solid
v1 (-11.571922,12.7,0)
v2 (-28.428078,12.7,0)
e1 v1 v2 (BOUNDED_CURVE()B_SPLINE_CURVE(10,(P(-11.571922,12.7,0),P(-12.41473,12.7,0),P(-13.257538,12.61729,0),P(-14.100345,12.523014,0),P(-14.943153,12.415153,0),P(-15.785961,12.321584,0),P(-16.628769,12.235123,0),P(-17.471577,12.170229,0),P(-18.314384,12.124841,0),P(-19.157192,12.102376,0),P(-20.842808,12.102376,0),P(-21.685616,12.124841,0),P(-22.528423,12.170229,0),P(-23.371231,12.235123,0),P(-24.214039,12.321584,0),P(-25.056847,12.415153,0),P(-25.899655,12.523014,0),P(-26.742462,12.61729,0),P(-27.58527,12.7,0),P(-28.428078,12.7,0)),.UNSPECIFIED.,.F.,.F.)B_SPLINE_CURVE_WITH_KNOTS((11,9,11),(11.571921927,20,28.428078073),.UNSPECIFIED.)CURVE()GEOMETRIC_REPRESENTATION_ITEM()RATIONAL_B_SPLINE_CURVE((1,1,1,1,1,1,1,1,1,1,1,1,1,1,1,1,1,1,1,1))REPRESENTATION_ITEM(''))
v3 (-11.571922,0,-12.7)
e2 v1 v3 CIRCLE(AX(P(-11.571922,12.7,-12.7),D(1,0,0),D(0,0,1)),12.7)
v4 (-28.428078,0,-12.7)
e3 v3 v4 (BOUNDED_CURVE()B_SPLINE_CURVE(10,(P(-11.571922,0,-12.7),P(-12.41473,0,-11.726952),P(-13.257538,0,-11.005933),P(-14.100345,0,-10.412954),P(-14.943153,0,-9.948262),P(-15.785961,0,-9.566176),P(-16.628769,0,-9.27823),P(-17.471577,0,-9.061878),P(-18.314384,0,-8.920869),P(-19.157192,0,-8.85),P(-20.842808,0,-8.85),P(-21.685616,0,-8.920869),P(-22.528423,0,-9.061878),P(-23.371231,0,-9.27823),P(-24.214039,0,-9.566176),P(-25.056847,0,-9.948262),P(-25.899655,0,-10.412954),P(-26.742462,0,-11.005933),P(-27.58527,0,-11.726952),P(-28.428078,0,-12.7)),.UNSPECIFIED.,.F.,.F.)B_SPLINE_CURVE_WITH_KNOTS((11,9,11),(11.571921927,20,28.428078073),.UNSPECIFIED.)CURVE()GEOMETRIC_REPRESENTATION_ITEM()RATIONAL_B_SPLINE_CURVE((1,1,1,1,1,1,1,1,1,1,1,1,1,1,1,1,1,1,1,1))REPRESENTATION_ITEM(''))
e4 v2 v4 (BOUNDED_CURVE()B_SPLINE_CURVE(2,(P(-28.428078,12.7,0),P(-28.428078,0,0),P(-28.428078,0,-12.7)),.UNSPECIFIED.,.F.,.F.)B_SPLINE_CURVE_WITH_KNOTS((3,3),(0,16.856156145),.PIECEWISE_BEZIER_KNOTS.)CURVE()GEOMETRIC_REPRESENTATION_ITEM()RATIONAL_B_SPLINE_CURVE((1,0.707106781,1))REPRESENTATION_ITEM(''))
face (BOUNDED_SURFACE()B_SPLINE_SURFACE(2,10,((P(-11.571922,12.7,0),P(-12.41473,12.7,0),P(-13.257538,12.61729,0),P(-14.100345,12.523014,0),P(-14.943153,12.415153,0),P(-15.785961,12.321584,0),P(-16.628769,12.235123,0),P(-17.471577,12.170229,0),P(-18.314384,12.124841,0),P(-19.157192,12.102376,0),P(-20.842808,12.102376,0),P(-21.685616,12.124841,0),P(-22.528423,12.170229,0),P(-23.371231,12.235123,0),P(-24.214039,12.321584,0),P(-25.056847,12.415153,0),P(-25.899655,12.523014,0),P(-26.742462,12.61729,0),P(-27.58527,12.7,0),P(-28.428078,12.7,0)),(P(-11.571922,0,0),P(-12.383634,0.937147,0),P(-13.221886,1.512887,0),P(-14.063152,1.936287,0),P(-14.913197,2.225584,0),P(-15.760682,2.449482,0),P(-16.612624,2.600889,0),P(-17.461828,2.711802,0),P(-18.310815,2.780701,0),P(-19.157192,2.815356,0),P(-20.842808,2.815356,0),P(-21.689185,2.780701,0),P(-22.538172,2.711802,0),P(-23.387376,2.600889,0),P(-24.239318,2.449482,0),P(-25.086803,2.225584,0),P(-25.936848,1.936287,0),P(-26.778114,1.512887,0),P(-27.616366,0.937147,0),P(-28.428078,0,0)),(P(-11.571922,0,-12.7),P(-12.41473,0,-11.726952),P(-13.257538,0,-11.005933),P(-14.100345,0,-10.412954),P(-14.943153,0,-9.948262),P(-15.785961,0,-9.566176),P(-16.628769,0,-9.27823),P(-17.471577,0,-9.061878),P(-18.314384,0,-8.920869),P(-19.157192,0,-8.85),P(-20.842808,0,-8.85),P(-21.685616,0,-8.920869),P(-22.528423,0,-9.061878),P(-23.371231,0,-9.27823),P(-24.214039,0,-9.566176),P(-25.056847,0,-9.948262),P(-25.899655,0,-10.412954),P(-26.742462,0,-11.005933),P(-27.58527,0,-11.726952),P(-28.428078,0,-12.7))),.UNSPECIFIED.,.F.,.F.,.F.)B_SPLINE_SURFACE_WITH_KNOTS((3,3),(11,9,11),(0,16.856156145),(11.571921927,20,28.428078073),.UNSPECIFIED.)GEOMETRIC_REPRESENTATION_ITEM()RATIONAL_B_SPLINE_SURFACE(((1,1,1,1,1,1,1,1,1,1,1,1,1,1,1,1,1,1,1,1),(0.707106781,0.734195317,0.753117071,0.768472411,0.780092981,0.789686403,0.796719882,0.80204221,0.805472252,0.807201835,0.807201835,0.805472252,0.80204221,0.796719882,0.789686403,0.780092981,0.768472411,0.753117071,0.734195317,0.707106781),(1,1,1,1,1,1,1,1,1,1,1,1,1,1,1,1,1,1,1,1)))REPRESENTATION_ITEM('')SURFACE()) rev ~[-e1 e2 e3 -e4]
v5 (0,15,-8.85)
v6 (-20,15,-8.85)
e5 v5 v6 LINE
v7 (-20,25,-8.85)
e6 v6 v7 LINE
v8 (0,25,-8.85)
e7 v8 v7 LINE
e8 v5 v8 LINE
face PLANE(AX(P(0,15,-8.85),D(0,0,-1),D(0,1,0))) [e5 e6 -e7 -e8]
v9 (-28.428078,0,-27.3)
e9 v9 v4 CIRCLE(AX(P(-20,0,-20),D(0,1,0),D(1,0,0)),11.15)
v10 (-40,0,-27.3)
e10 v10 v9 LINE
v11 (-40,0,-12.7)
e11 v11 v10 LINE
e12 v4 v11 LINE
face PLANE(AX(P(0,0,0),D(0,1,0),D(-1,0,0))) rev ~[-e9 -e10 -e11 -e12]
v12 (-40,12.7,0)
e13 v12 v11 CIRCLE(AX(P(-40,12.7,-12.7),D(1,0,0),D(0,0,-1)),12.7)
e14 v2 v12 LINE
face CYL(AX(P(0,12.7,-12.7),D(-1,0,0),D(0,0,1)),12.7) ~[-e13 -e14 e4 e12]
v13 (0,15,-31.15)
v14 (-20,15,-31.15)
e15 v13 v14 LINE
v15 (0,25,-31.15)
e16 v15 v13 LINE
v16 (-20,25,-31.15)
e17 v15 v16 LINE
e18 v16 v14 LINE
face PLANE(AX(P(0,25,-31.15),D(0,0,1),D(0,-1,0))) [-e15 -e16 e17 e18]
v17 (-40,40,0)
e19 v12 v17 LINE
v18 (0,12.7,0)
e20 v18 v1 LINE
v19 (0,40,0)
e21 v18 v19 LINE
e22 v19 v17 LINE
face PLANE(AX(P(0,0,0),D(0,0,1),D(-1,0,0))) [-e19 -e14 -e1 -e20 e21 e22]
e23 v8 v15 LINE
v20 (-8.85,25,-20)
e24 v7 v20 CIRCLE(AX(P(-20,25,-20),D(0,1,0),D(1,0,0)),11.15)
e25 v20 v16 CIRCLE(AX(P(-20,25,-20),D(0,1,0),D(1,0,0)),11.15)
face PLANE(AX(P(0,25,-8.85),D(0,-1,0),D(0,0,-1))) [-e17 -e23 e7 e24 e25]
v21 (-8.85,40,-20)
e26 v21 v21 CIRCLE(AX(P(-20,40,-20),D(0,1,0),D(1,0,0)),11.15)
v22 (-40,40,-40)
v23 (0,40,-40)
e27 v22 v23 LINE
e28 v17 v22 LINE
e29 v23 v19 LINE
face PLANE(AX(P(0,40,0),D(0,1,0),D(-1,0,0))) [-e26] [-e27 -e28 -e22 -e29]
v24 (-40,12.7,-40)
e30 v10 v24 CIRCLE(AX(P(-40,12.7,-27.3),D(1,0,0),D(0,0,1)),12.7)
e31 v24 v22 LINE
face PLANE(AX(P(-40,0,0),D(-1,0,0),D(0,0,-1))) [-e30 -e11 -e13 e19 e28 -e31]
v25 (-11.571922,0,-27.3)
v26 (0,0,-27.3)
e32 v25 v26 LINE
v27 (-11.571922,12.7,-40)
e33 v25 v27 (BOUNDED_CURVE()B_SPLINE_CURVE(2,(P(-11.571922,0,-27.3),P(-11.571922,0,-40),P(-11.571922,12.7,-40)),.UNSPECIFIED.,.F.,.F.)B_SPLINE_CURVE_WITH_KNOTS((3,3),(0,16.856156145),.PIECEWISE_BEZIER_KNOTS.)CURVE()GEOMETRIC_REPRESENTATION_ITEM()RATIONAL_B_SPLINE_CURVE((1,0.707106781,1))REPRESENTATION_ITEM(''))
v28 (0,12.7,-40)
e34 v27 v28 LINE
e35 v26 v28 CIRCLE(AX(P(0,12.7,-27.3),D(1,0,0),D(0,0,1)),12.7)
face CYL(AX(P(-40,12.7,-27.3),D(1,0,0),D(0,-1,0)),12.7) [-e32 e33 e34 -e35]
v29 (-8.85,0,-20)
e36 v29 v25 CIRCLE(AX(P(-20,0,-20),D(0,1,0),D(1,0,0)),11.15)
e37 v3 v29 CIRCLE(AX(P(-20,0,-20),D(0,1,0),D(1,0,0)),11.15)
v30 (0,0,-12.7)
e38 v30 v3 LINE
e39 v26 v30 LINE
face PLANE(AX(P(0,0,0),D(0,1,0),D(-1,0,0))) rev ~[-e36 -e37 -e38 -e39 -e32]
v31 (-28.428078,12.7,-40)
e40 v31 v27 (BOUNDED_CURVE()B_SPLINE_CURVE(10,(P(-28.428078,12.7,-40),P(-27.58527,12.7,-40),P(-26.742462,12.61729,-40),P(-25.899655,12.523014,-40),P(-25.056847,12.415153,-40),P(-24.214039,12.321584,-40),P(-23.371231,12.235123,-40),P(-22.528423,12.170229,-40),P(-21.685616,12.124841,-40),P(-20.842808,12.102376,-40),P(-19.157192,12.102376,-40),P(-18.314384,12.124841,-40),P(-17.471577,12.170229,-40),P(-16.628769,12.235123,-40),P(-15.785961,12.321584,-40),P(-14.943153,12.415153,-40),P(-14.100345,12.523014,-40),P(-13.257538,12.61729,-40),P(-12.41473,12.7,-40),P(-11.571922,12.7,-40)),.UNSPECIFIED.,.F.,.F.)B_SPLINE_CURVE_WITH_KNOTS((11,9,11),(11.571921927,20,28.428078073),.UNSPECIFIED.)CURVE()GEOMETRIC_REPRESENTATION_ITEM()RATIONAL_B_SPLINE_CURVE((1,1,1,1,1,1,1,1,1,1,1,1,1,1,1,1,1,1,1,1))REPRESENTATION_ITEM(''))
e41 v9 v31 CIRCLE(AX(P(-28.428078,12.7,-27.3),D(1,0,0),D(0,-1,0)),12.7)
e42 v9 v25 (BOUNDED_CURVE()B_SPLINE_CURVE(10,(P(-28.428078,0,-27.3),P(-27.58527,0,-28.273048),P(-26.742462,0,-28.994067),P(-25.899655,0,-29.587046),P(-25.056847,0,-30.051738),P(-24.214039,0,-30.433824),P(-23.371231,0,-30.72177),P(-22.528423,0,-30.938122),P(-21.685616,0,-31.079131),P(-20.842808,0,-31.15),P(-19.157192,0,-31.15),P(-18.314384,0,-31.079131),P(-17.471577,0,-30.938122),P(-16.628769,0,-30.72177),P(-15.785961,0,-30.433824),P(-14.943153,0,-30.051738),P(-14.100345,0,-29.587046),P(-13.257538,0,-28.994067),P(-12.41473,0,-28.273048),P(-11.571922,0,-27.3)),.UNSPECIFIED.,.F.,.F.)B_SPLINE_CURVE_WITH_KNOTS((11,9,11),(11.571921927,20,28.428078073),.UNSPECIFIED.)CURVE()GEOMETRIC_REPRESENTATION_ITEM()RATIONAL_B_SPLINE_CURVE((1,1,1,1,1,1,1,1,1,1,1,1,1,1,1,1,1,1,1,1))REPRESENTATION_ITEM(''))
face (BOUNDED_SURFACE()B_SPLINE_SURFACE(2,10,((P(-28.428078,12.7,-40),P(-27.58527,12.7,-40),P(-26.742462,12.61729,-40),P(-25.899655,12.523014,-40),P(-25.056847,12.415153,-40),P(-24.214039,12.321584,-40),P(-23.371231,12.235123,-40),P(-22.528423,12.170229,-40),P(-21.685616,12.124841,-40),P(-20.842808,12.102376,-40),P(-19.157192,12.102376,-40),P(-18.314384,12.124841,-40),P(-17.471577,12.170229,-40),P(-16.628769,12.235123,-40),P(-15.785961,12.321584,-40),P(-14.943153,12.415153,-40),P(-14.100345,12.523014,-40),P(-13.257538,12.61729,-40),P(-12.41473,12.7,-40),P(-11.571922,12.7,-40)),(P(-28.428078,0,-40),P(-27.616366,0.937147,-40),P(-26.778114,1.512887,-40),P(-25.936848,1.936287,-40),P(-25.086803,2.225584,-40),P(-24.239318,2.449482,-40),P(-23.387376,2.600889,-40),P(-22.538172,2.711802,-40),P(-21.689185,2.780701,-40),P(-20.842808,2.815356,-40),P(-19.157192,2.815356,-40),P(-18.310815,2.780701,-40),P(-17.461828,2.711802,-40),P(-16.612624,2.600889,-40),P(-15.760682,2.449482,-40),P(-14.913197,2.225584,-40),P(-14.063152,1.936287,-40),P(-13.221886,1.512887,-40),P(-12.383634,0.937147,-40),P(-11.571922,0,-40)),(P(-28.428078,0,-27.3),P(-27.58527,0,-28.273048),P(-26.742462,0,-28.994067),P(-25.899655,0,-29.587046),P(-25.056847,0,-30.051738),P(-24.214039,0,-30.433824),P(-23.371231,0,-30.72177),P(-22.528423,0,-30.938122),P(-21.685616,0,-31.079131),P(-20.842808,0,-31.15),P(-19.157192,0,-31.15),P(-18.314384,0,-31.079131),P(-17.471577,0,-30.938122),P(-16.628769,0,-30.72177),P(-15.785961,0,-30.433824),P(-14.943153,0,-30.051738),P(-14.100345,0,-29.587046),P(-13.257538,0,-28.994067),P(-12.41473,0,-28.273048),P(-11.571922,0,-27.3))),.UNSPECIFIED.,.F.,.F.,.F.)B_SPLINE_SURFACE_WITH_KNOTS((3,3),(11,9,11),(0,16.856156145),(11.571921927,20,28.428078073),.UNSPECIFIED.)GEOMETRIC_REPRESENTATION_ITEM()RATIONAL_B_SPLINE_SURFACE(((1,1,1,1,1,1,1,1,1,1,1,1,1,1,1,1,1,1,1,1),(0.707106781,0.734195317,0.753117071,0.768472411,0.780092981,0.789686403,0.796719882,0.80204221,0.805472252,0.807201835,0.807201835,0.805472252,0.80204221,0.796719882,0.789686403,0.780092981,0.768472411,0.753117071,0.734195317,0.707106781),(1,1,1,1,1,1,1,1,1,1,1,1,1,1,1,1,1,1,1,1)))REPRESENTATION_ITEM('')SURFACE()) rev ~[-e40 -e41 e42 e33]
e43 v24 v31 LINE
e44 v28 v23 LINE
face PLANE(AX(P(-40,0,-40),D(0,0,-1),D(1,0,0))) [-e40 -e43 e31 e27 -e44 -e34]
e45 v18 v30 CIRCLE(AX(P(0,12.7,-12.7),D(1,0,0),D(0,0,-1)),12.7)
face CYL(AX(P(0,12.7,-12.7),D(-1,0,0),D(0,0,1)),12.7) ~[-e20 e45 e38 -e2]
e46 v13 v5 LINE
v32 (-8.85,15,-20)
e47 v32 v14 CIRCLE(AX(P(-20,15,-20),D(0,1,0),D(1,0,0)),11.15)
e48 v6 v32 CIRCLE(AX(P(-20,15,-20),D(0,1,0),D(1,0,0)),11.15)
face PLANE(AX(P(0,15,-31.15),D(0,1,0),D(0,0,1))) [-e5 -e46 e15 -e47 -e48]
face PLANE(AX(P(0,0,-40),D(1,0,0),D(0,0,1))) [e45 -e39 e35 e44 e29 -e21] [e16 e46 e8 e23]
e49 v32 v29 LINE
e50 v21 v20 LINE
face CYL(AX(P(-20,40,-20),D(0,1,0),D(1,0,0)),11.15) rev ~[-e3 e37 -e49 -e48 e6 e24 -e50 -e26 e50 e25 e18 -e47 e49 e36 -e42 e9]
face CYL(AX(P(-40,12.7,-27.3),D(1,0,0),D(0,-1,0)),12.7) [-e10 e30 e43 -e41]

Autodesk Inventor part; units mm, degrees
ref_plane "YZ Plane" through (0, 0, 0) normal (1, 0, 0) x (0, 1, 0)
ref_plane "XZ Plane" through (0, 0, 0) normal (0, 1, 0) x (-1, 0, 0)
ref_plane "XY Plane" through (0, 0, 0) normal (0, 0, 1) x (1, 0, 0)
sketch "Sketch1" plane through (0, 0, 0) normal (0, 1, 0) x (-1, 0, 0)
  line L0 (0, 0) -> (40, 0)
  line L1 (40, 0) -> (40, -40)
  line L2 (40, -40) -> (0, -40)
  line L3 (0, -40) -> (0, 0)
  dimension "d0" = 40
  dimension "d1" = 40
extrude "Extrusion1" add sketch "Sketch1" along normal blind 40
sketch "Sketch2" plane through (0, 40, 0) normal (0, 1, 0) x (1, 0, 0)
  circle A0 centre (-20, 20) radius 11.15
  line L0 (-40, 40) -> (-40, 0) projected
  line L1 (-40, 0) -> (0, 0) projected
  dimension "d4" = 22.3
  dimension "d5" = 20
  dimension "d6" = 20
extrude "Extrusion2" cut sketch "Sketch2" against normal blind 40
sketch "Sketch3" plane through (0, 0, 0) normal (1, 0, 0) x (0, 0, -1)
  line L0 (8.85, 25) -> (31.15, 25)
  line L1 (31.15, 25) -> (31.15, 15)
  line L2 (31.15, 15) -> (8.85, 15)
  line L3 (8.85, 15) -> (8.85, 25)
  line L4 (8.85, 25) -> (31.15, 15) construction
  line L5 (31.15, 25) -> (8.85, 15) construction
  line L6 (0, 0) -> (0, 40) projected
  line L7 (0, 40) -> (40, 40) projected
  point P0 (20, 20)
  dimension "d9" = 20
  dimension "d10" = 15
  dimension "d11" = 25
  dimension "d12" = 22.3
extrude "Extrusion3" cut sketch "Sketch3" against normal blind 20
fillet "Fillet1" radius 12.7 2 edges at (-20, 0, 0) (-20, 0, -40)
properties part number "YMount"
